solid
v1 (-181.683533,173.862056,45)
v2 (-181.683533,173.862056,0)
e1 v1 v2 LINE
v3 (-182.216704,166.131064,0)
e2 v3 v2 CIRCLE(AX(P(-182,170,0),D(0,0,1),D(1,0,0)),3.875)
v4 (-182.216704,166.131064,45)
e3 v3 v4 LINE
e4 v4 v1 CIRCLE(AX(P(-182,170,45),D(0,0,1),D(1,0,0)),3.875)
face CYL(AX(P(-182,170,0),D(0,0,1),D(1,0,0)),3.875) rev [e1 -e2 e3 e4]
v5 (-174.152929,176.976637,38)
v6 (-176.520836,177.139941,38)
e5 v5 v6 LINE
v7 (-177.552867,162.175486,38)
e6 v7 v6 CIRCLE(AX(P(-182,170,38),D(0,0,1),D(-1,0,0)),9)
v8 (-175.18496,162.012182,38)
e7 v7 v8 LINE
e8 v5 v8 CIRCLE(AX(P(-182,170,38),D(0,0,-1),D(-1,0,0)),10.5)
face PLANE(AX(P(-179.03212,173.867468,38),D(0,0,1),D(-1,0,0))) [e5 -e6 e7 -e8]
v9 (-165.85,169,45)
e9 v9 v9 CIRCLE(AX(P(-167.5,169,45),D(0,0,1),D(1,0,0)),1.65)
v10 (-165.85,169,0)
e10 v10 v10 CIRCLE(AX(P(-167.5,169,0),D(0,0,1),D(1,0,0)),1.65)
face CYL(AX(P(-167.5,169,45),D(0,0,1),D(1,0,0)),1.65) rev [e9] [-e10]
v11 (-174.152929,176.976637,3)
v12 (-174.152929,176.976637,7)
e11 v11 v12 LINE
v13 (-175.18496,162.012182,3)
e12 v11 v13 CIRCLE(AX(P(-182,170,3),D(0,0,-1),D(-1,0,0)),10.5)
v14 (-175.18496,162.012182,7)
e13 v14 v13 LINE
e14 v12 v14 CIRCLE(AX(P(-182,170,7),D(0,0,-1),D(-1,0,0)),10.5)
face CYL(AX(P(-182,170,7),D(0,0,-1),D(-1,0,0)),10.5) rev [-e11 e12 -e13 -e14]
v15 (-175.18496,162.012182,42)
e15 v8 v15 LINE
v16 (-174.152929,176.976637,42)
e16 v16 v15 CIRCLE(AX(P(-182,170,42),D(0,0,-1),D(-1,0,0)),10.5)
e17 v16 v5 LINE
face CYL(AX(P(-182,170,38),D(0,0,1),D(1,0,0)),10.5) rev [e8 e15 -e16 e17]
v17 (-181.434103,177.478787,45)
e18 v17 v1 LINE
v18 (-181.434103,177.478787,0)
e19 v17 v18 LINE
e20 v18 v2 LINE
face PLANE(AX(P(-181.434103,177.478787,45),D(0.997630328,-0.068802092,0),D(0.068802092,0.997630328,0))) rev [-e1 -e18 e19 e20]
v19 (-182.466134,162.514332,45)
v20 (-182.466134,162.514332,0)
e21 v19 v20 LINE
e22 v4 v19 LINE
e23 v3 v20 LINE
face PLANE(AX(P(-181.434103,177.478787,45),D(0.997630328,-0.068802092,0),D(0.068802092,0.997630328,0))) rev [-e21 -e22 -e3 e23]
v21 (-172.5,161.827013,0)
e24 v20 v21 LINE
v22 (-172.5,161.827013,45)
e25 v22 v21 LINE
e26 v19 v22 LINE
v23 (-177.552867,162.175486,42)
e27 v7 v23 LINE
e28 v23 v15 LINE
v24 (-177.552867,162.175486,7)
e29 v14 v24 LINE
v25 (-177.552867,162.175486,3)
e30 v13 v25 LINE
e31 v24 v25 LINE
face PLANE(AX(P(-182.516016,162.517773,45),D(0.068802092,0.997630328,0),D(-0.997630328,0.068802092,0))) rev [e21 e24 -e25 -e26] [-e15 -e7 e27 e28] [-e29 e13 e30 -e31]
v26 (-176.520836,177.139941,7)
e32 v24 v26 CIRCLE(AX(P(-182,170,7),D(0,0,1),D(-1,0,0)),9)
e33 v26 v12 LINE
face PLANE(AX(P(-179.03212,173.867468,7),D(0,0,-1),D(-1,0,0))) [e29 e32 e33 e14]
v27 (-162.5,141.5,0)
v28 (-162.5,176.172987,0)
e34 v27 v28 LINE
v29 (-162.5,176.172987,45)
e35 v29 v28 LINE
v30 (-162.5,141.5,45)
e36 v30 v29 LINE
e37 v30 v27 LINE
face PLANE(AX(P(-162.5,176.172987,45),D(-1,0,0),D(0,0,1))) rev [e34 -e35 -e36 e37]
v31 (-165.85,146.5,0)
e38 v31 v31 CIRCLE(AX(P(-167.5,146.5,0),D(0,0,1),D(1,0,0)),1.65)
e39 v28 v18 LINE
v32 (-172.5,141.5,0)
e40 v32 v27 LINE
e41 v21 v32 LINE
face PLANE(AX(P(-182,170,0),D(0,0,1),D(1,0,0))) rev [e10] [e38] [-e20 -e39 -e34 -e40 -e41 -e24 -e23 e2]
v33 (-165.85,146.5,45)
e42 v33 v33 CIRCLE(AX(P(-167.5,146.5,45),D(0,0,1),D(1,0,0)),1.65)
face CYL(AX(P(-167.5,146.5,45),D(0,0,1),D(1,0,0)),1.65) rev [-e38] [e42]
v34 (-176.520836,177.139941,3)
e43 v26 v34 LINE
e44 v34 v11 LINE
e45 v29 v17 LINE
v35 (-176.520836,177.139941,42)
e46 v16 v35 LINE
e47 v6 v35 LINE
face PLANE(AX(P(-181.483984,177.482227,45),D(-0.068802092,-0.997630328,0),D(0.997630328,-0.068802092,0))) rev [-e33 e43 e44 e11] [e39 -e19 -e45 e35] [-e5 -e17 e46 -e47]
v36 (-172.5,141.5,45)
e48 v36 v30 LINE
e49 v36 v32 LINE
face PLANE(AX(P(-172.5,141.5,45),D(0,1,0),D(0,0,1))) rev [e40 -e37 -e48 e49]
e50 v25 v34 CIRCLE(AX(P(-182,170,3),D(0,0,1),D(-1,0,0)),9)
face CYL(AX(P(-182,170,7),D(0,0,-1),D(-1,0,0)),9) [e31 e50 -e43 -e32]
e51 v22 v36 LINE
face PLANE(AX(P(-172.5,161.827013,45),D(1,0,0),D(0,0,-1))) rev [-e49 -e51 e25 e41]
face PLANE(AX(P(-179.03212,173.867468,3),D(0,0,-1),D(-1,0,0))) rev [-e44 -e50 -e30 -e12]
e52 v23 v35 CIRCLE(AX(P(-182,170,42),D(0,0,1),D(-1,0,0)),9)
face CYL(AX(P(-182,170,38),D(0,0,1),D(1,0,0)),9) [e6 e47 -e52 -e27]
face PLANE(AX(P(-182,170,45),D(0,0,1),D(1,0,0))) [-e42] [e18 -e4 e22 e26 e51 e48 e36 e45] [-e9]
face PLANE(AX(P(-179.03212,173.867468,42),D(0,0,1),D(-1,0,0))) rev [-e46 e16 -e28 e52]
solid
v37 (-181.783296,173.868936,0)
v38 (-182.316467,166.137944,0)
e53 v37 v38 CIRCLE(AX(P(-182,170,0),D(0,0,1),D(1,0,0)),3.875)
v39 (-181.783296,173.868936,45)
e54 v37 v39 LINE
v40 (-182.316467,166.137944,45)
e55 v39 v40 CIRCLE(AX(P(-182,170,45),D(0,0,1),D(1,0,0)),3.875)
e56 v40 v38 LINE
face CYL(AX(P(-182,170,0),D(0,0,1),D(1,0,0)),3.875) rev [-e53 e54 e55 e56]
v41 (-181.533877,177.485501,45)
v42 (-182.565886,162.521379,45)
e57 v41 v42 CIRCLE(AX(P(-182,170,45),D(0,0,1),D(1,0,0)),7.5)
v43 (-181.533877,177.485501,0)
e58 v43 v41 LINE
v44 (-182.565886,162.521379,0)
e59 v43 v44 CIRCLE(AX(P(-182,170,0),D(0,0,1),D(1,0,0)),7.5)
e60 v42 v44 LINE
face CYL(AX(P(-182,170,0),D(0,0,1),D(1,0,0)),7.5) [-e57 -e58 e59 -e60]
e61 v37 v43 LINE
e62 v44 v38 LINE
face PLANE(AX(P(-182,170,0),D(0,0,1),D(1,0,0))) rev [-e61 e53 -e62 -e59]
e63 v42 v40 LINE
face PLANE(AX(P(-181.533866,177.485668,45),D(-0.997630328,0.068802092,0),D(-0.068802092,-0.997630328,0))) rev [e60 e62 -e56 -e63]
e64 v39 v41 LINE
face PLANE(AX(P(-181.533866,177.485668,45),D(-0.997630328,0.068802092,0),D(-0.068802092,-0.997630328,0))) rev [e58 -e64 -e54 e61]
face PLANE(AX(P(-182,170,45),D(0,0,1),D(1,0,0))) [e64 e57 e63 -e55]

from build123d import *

# Parameters (mm, degrees)
BOSS_EXTRUDE1_DEPTH   = 45
CUT_EXTRUDE1_START    = -5
CUT_EXTRUDE1_DEPTH    = 2
M4X0_7_TAPPED_HOLE1_D = 3.3
SKETCH5_R             = 7.5
BOSS_EXTRUDE2_DEPTH   = 45
SKETCH6_R             = 3.875
CUT_EXTRUDE2_DEPTH    = 46
CUT_EXTRUDE3_DEPTH    = 46


with BuildPart() as part:
    # Sketch1 → Boss-Extrude1 (new body)
    with BuildSketch(Plane.XY):
        with BuildLine():
            Line((-182.516015687, 162.517772537), (-172.5, 161.827012834))
            Line((-172.5, 161.827012834), (-172.5, 141.5))
            Line((-172.5, 141.5), (-162.5, 141.5))
            Line((-162.5, 141.5), (-162.5, 176.172987166))
            Line((-162.5, 176.172987166), (-181.483984313, 177.482227463))
            ThreePointArc((-181.483984313, 177.482227463), (-174.517772537, 169.483984313), (-182.516015687, 162.517772537))
        make_face()
    extrude(amount=BOSS_EXTRUDE1_DEPTH)

    # Sketch2 → Cut-Extrude1 (cut, symmetric)
    with BuildSketch(Plane(origin=(0, 0, 0), x_dir=(-1, 0, 0), z_dir=(0, 0, -1)).offset(CUT_EXTRUDE1_START)):
        with BuildLine():
            ThreePointArc((176.520836095, 177.139941379), (173.021327044, 169.380781175), (177.552867469, 162.175486453))
            ThreePointArc((177.552867469, 162.175486453), (177.834315887, 161.15284928), (176.811678714, 160.871400862))
            ThreePointArc((176.811678714, 160.871400862), (171.524881552, 169.277578038), (175.60764211, 178.329931609))
            ThreePointArc((175.60764211, 178.329931609), (176.659234217, 178.191533486), (176.520836095, 177.139941379))
        make_face()
    cut_extrude1 = extrude(amount=CUT_EXTRUDE1_DEPTH, both=True, mode=Mode.SUBTRACT)

    # Mirror1: Cut-Extrude1 across plane
    add(cut_extrude1.mirror(Plane(origin=(0, 0, 22.5), x_dir=(1, 0, 0), z_dir=(0, 0, -1))), mode=Mode.SUBTRACT)

    # M4x0.7 Tapped Hole1 (through all)
    with Locations(Plane.XY.offset(45)):
        with Locations((-167.5, 169), (-167.5, 146.5)):
            Hole(M4X0_7_TAPPED_HOLE1_D / 2)

    # Sketch5 → Boss-Extrude2 (add, through all)
    with BuildSketch(Plane.XY.offset(45)):
        with Locations((-182, 170)):
            Circle(SKETCH5_R)
    extrude(amount=-BOSS_EXTRUDE2_DEPTH)

    # Sketch6 → Cut-Extrude2 (cut, through all)
    with BuildSketch(Plane.XY.offset(45)):
        with Locations((-182, 170)):
            Circle(SKETCH6_R)
    extrude(amount=-CUT_EXTRUDE2_DEPTH, mode=Mode.SUBTRACT)

    # Sketch7 → Cut-Extrude3 (cut, through all)
    with BuildSketch(Plane(origin=(0, 0, 0), x_dir=(-1, 0, 0), z_dir=(0, 0, -1))):
        Polygon((181.434102796, 177.478787359), (182.466134171, 162.514332432), (182.565897204, 162.521212641), (181.533865829, 177.485667568), align=None)
    extrude(amount=-CUT_EXTRUDE3_DEPTH, mode=Mode.SUBTRACT)


solid = part.part
